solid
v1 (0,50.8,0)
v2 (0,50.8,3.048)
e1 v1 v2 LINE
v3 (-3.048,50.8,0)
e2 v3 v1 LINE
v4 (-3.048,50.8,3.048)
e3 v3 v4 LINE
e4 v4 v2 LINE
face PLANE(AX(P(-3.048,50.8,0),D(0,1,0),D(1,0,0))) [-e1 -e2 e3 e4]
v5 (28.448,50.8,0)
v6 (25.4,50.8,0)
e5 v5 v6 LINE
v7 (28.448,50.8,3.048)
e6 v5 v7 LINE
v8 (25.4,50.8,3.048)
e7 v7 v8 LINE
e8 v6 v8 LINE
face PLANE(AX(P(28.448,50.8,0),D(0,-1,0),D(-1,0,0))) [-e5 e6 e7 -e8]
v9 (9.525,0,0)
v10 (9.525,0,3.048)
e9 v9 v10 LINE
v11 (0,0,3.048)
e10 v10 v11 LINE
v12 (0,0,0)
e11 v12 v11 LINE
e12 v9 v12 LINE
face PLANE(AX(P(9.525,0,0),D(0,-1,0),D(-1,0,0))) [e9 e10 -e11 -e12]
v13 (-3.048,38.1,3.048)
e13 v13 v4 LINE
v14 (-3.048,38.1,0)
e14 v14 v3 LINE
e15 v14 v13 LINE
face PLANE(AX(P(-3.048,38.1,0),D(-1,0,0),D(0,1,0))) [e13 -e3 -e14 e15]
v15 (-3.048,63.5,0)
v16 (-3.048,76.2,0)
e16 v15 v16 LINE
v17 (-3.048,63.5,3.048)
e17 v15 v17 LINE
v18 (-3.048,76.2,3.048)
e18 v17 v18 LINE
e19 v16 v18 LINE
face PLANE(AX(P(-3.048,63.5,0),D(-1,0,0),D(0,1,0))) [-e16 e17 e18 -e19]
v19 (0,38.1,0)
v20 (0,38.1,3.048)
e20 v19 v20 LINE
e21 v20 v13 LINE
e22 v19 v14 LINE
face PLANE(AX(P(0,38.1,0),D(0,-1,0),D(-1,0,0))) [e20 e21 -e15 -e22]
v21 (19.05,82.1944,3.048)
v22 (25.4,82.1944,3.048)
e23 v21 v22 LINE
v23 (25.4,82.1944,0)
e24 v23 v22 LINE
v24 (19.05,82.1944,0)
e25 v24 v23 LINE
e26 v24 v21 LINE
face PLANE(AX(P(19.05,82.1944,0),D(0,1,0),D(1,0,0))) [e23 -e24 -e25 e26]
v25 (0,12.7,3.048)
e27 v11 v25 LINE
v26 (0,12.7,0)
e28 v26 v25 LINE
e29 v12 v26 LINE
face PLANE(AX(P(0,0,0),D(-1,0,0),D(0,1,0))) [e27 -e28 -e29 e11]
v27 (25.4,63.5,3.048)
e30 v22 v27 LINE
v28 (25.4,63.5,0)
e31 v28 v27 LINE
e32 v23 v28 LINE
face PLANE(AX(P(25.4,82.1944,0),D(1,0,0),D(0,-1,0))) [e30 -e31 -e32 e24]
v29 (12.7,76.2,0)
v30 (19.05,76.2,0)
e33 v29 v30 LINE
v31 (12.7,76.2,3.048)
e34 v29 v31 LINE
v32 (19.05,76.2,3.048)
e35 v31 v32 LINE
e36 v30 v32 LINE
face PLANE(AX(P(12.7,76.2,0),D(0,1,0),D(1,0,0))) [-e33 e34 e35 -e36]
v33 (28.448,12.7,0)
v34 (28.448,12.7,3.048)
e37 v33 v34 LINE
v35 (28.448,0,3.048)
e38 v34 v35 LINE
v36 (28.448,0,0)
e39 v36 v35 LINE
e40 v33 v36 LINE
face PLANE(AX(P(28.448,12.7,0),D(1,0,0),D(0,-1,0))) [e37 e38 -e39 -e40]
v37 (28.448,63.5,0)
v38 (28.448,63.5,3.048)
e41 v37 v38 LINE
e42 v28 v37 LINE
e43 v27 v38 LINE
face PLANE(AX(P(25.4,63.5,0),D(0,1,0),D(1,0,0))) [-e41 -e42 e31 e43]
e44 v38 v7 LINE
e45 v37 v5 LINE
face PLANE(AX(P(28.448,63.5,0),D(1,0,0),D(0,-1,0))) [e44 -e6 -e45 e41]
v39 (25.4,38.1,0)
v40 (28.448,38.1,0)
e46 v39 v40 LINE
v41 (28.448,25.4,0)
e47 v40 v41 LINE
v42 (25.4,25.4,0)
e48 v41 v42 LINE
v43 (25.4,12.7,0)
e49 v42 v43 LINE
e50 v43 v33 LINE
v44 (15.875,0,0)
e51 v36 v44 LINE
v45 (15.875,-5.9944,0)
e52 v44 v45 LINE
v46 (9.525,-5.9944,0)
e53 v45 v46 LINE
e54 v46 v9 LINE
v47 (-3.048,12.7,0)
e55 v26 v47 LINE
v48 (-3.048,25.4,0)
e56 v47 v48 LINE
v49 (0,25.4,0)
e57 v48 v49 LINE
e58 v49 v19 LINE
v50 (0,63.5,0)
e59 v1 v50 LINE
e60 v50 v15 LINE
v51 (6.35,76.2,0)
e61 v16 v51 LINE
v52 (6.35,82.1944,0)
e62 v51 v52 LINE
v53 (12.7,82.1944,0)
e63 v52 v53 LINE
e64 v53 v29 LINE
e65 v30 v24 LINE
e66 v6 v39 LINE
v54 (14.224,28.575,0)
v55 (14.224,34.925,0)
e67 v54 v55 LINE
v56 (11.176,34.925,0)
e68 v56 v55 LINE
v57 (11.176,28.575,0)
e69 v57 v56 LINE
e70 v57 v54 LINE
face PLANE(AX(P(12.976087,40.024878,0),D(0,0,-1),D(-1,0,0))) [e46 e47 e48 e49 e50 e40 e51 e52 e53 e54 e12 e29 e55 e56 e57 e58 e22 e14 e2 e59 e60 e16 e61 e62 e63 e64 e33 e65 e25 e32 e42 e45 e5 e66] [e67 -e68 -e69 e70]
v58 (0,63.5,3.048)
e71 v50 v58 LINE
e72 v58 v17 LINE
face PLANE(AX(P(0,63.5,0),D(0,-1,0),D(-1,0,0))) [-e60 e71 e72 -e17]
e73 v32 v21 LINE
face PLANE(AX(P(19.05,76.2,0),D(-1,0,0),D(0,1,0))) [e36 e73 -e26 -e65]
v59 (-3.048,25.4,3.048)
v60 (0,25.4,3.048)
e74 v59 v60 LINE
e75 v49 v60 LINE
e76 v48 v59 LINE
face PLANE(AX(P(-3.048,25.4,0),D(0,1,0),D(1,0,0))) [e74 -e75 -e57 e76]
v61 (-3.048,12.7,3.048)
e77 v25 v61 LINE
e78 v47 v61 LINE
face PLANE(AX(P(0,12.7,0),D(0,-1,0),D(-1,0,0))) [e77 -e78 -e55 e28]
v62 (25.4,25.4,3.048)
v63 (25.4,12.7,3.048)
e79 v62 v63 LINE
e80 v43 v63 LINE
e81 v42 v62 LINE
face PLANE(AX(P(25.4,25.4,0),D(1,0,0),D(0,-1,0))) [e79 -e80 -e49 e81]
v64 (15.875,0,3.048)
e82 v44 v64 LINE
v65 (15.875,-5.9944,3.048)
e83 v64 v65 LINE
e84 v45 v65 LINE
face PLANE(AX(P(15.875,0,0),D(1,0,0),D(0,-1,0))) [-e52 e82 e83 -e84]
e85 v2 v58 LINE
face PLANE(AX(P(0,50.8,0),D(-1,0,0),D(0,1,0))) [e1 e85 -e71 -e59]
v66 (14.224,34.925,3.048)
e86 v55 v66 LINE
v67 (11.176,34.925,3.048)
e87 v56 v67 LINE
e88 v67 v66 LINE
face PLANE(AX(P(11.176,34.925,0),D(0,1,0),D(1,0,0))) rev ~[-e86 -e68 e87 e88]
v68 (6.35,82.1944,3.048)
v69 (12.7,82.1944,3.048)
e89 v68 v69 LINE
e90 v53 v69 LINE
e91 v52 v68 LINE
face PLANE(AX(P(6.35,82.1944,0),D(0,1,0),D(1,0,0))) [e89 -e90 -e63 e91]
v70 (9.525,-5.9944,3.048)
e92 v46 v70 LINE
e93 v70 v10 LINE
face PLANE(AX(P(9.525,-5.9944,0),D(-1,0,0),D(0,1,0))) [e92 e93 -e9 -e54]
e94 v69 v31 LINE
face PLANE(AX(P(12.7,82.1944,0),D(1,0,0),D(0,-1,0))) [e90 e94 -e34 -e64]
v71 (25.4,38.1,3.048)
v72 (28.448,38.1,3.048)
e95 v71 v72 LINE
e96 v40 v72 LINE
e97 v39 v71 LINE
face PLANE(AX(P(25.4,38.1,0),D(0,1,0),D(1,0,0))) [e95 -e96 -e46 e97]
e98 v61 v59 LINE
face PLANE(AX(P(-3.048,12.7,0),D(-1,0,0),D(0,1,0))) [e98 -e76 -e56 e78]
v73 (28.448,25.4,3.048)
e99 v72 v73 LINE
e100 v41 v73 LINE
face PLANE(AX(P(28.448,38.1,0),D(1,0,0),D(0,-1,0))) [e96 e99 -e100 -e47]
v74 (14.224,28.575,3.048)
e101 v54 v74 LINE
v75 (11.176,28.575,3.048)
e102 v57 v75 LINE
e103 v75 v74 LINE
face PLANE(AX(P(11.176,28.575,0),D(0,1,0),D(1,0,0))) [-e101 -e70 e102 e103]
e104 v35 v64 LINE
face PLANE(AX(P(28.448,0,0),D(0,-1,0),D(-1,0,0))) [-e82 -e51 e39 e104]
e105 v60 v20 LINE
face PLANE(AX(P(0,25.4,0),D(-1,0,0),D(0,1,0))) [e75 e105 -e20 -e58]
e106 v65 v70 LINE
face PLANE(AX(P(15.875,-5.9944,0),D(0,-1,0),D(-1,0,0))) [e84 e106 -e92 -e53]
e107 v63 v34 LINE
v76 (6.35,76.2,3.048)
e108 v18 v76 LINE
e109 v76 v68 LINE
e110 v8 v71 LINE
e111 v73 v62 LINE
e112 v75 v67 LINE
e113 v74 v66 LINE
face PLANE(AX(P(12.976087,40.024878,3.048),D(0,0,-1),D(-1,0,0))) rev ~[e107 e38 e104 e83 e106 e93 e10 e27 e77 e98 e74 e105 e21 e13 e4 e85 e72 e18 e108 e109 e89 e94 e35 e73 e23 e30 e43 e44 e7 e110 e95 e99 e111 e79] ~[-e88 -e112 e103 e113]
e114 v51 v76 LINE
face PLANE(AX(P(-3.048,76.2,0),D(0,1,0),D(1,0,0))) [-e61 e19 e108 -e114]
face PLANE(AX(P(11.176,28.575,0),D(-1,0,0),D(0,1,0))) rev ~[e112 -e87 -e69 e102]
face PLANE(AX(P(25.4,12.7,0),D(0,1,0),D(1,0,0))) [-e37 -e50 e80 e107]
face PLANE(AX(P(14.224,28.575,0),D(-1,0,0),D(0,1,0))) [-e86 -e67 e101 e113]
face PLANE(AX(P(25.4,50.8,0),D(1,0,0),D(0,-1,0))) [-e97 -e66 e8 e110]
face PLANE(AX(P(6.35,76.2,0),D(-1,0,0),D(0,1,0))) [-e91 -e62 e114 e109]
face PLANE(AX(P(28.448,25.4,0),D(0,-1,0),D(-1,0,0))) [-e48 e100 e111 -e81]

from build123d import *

# Parameters (mm, degrees)
SKETCH1_W           = 3.048
SKETCH1_H           = 6.35
BOSS_EXTRUDE1_DEPTH = 3.048


with BuildPart() as part:
    # Sketch1 → Boss-Extrude1 (new body)
    with BuildSketch(Plane.XY):
        Polygon((0, 0), (0, 12.7), (-3.048, 12.7), (-3.048, 25.4), (0, 25.4), (0, 38.1), (-3.048, 38.1), (-3.048, 50.8), (0, 50.8), (0, 63.5), (-3.048, 63.5), (-3.048, 76.2), (6.35, 76.2), (6.35, 82.1944), (12.7, 82.1944), (12.7, 76.2), (19.05, 76.2), (19.05, 82.1944), (25.4, 82.1944), (25.4, 63.5), (28.448, 63.5), (28.448, 50.8), (25.4, 50.8), (25.4, 38.1), (28.448, 38.1), (28.448, 25.4), (25.4, 25.4), (25.4, 12.7), (28.448, 12.7), (28.448, 0), (15.875, 0), (15.875, -5.9944), (9.525, -5.9944), (9.525, 0), align=None)
        with Locations((12.7, 31.75)):
            Rectangle(SKETCH1_W, SKETCH1_H, mode=Mode.SUBTRACT)
    extrude(amount=BOSS_EXTRUDE1_DEPTH)


solid = part.part
